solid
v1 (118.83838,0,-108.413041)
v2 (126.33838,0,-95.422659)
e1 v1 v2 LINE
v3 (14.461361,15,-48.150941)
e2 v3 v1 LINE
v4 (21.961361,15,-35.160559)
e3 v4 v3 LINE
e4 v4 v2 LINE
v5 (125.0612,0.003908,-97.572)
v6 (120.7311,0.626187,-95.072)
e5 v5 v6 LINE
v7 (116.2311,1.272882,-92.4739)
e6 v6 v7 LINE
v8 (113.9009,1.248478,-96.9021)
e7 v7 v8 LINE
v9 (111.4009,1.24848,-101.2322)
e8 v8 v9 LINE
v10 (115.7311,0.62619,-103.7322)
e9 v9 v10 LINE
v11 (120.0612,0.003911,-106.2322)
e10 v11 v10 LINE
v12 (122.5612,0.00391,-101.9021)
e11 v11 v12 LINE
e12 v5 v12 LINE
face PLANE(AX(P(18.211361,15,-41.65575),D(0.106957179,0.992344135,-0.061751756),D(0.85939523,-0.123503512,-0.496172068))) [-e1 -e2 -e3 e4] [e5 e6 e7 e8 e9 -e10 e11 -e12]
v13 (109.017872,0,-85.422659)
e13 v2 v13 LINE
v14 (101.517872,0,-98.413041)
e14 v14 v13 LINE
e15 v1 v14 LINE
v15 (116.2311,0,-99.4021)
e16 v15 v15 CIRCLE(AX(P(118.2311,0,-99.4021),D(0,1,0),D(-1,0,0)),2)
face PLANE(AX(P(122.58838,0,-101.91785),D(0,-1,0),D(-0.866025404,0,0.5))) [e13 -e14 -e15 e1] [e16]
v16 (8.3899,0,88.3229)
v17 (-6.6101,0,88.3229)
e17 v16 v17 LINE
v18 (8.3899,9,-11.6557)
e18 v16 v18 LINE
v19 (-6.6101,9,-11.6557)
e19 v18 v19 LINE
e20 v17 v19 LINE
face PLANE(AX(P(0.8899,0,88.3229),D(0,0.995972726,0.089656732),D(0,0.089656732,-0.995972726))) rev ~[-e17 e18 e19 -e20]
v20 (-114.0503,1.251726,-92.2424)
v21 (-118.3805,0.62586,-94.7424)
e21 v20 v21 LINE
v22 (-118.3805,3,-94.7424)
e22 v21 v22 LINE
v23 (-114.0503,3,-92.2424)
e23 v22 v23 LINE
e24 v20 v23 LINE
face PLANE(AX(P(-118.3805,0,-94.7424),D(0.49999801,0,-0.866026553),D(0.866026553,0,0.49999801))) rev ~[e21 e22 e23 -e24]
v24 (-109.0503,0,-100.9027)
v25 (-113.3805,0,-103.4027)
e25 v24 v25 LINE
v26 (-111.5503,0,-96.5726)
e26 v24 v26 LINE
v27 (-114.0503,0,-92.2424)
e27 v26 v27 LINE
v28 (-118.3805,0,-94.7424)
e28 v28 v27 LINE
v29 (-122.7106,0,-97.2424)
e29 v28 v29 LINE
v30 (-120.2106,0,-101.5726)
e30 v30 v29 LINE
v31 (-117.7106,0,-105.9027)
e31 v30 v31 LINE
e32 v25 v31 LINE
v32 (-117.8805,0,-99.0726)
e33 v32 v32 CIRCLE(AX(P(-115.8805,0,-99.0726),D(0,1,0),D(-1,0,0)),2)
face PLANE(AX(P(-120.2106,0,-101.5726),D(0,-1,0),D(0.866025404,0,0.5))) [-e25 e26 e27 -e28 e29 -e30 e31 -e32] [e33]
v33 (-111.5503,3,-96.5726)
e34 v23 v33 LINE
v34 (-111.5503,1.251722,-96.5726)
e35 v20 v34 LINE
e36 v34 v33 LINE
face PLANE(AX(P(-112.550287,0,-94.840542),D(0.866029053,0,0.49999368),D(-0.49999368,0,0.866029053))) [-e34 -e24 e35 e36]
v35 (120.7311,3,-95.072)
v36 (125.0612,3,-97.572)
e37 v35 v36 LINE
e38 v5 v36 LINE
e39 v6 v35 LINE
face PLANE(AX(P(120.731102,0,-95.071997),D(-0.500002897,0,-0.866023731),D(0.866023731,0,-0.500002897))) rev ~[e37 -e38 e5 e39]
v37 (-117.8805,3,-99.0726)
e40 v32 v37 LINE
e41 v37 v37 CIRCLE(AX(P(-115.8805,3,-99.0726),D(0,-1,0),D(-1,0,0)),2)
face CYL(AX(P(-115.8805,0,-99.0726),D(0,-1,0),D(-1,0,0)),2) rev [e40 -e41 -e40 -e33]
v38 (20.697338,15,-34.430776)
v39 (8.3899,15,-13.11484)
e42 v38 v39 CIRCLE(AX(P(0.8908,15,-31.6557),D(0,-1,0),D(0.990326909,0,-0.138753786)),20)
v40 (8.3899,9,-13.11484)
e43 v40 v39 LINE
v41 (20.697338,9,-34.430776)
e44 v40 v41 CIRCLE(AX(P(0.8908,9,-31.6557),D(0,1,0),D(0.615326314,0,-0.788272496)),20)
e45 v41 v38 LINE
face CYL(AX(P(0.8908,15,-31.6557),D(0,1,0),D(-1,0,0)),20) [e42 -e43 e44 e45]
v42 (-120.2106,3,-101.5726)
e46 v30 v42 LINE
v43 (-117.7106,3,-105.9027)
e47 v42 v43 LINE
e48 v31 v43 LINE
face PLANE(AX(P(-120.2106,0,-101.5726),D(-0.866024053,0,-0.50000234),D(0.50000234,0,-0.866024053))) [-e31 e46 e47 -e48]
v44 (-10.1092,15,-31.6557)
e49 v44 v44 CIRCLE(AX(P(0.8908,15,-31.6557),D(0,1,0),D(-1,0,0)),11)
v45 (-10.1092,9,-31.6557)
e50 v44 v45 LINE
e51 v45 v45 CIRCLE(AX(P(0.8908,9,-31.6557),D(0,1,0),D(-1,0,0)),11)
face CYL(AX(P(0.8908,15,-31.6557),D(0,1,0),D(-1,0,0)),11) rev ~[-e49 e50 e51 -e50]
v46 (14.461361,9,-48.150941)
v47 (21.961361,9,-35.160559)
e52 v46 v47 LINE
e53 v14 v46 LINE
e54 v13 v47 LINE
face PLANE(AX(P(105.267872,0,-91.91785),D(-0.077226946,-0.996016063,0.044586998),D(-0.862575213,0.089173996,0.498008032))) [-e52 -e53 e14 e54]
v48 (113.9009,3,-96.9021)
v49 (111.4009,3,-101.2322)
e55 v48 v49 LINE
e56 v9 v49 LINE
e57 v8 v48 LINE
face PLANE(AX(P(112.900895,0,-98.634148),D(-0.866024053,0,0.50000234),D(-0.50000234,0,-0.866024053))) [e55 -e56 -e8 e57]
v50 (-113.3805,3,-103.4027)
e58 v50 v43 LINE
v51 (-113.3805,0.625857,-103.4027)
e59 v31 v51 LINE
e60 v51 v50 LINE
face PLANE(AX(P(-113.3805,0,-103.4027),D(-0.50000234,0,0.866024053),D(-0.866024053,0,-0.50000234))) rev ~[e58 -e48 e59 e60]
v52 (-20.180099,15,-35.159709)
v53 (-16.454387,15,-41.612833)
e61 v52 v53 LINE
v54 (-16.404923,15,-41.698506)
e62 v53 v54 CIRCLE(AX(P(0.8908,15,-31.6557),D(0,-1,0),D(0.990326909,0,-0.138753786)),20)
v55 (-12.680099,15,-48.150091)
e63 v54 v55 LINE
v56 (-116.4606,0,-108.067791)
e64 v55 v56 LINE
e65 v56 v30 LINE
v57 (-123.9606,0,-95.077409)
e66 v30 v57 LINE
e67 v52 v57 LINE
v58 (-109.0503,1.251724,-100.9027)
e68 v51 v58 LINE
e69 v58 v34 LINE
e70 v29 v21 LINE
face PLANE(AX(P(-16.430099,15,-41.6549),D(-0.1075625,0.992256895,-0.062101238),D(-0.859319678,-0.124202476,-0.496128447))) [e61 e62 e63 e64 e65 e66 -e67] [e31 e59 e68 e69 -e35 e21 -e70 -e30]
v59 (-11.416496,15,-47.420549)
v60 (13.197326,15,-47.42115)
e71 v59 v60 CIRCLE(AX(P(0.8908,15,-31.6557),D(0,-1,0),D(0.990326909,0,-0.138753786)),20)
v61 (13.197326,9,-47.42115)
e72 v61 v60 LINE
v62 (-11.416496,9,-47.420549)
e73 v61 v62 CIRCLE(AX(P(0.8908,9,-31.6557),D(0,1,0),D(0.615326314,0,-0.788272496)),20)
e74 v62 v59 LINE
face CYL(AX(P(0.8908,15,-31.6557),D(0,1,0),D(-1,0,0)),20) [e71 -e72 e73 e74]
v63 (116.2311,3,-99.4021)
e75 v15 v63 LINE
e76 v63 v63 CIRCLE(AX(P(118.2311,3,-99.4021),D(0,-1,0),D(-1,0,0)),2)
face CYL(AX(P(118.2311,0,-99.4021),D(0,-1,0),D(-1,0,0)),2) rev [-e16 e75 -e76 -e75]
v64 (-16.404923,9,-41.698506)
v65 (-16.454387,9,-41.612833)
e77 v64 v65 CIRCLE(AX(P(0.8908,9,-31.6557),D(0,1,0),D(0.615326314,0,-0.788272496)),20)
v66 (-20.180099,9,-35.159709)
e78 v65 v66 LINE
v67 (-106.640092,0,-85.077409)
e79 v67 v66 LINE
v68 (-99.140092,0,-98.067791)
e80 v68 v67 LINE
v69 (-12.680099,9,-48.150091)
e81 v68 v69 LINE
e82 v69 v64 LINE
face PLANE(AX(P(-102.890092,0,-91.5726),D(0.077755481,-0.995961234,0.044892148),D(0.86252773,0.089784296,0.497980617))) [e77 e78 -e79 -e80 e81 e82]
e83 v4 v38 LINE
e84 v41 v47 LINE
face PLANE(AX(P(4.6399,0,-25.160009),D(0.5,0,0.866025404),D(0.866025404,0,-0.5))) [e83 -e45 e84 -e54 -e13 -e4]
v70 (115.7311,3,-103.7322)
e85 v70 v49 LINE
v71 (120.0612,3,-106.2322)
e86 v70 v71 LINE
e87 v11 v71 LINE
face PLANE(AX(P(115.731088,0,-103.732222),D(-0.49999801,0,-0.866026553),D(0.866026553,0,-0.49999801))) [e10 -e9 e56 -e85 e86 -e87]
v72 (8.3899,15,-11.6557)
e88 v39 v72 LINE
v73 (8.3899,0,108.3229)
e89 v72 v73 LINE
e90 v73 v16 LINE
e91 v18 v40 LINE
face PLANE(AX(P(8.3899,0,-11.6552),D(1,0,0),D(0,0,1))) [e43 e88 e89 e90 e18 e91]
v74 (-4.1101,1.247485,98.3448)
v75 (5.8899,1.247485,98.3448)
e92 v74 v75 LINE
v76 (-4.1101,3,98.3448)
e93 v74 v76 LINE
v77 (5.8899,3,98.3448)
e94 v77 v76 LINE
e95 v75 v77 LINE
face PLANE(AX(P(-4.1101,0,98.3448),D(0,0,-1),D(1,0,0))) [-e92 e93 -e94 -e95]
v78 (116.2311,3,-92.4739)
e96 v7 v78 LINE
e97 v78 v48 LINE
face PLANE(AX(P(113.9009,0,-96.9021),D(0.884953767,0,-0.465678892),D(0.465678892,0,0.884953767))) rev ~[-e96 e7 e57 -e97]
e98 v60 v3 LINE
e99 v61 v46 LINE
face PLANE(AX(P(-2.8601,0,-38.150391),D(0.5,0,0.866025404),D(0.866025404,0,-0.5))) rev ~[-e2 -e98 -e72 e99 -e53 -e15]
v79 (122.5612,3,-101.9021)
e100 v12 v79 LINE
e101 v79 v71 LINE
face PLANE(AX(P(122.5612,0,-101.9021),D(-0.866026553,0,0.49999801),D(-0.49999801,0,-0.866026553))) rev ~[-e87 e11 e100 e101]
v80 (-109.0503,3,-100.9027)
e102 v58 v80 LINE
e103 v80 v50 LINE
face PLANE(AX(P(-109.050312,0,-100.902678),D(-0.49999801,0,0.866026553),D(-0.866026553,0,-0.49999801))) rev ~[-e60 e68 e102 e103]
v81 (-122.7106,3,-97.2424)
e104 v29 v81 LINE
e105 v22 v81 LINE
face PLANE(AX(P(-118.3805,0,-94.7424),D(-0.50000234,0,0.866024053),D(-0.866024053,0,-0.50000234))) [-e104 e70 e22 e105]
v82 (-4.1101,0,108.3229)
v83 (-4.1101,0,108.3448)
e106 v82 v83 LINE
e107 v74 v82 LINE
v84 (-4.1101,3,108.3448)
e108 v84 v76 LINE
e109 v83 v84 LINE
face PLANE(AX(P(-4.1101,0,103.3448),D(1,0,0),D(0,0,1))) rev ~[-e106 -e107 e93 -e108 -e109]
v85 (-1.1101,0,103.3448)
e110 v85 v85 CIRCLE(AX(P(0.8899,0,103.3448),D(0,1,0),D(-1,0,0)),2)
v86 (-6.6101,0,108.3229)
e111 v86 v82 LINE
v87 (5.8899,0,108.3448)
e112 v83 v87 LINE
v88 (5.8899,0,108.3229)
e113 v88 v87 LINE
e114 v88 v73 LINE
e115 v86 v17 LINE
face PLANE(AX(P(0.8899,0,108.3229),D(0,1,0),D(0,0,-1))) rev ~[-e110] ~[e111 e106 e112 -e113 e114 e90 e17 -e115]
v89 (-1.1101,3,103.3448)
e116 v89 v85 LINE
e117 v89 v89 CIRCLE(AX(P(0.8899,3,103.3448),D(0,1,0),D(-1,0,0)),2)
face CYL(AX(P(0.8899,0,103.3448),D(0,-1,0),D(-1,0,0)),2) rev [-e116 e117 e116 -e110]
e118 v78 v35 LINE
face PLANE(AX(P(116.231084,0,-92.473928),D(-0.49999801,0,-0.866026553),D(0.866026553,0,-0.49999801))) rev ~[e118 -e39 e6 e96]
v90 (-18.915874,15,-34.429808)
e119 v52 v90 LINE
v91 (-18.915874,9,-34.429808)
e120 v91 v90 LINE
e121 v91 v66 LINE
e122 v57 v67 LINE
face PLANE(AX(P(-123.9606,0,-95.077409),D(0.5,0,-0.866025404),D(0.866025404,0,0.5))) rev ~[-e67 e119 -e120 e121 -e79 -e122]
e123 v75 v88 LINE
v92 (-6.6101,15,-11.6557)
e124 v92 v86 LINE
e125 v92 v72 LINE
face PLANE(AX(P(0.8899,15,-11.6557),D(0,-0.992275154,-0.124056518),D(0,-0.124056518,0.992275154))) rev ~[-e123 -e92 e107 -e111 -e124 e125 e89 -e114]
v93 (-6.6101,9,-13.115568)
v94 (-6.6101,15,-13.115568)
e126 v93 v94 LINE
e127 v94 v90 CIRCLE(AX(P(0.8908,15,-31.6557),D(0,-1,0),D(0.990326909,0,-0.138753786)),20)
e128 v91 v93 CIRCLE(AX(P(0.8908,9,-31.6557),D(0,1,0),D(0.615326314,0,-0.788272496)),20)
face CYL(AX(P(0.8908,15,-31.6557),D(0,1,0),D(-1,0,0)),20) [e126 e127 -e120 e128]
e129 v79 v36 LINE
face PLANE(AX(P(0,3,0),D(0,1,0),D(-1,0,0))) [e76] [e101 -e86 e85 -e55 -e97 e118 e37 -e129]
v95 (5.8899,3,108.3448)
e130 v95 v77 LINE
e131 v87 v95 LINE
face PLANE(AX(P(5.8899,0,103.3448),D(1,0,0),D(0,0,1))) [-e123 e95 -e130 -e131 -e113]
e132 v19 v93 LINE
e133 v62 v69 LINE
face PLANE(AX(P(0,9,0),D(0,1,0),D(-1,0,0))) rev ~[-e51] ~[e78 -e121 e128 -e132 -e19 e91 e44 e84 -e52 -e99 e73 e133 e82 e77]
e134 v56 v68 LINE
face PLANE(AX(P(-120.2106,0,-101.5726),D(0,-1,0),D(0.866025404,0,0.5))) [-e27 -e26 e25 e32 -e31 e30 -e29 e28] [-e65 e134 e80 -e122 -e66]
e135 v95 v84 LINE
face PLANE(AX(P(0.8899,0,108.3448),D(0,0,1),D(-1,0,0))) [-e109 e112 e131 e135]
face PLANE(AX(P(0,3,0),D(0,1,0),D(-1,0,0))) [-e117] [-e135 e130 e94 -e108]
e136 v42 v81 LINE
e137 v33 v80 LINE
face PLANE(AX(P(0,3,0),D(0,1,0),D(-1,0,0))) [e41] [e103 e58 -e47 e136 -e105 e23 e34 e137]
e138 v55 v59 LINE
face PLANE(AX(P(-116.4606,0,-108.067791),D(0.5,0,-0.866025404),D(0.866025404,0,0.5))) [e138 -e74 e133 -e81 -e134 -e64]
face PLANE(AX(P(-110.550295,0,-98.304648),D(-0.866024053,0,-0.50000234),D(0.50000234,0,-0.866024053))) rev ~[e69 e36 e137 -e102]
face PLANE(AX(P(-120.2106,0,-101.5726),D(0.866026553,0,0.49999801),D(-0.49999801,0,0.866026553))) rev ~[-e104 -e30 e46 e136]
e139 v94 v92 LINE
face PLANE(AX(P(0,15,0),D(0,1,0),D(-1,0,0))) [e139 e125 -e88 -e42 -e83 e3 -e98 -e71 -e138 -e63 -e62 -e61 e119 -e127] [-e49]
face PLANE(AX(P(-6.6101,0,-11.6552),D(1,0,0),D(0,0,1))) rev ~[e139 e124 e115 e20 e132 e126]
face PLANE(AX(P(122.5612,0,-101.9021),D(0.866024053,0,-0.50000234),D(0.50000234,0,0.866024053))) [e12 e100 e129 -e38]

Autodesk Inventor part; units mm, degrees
ref_plane "YZ Plane" through (0, 0, 0) normal (1, 0, 0) x (0, 1, 0)
ref_plane "XY Plane" through (0, 0, 0) normal (0, 0, 1) x (1, 0, 0)
sketch "Эскиз1" plane through (0, 0, 0) normal (0, 1, 0) x (-1, 0, 0)
  circle A0 centre (-0.8899, -31.6552) radius 10
  circle A1 centre (-0.8899, -31.6552) radius 20
  line L0 (-0.8899, -11.6552) -> (-0.8899, 108.3448)
  line L1 (-0.8899, -31.6552) -> (78.1589, -77.294)
  line L2 (-0.8899, -31.6552) -> (90.3878, -31.6552) construction
  line L3 (78.1589, -77.294) -> (120.2106, -101.5726)
  line L4 (-0.8899, -31.6552) -> (116.9091, -31.6552) construction
  line L5 (-0.8899, -31.6552) -> (-104.8129, -91.6552)
  line L6 (-0.8899, -31.6552) -> (119.1101, -31.6552) construction
  line L7 (-104.8129, -91.6552) -> (-122.5612, -101.9021)
  line L8 (-122.5612, -101.9021) -> (-117.5612, -110.5624)
  line L9 (-117.5612, -110.5624) -> (4.1101, -40.3154)
  line L10 (-122.5612, -101.9021) -> (-127.5612, -93.2419)
  line L11 (-127.5612, -93.2419) -> (-5.8899, -22.9949)
  line L12 (120.2106, -101.5726) -> (125.2106, -92.9123)
  line L13 (125.2106, -92.9123) -> (4.1101, -22.9949)
  line L14 (120.2106, -101.5726) -> (7.7704, -36.6552)
  line L15 (-0.8899, 108.3448) -> (-10.8899, 108.3448)
  line L16 (-10.8899, 108.3448) -> (9.1101, 108.3448)
  line L17 (9.1101, 108.3448) -> (9.1101, -31.6552)
  line L18 (-10.8899, 108.3448) -> (-10.8899, -31.6552)
  line L19 (120.2106, -101.5726) -> (115.2106, -110.2328)
  line L20 (115.2106, -110.2328) -> (-5.8899, -40.3154)
  line L21 (9.1101, 108.3448) -> (9.1101, 88.3448)
  line L22 (9.1101, 88.3448) -> (-10.8899, 88.3448)
  line L23 (-10.8899, 108.3448) -> (9.1101, 88.3448)
  line L24 (9.1101, 108.3448) -> (-10.8899, 88.3448)
  line L25 (-0.8899, 98.3448) -> (-0.8899, 93.3448)
  line L26 (-0.8899, 93.3448) -> (4.1101, 93.3448)
  line L27 (4.1101, 103.3448) -> (-5.8899, 103.3448)
  line L28 (-5.8899, 103.3448) -> (-5.8899, 93.3448)
  line L29 (-5.8899, 93.3448) -> (-0.8899, 93.3448)
  line L30 (-127.5612, -93.2419) -> (-110.2407, -83.2419)
  line L31 (-110.2407, -83.2419) -> (-100.2407, -100.5624)
  line L32 (-127.5612, -93.2419) -> (-100.2407, -100.5624)
  line L33 (-117.5612, -110.5624) -> (-110.2407, -83.2419)
  line L34 (-113.9009, -96.9021) -> (-118.2311, -99.4021)
  line L35 (-118.2311, -99.4021) -> (-115.7311, -103.7322)
  line L36 (-115.7311, -103.7322) -> (-107.0708, -98.7322)
  line L37 (-107.0708, -98.7322) -> (-112.0708, -90.072)
  line L38 (-112.0708, -90.072) -> (-120.7311, -95.072)
  line L39 (-120.7311, -95.072) -> (-118.2311, -99.4021)
  circle A2 centre (-113.9009, -96.9021) radius 2
  line L40 (120.2106, -101.5726) -> (111.5503, -96.5726)
  line L41 (111.5503, -96.5726) -> (102.8901, -91.5726)
  line L42 (102.8901, -91.5726) -> (107.2202, -94.0726)
  line L43 (107.2202, -94.0726) -> (104.7202, -98.4027)
  line L44 (104.7202, -98.4027) -> (113.3805, -103.4027)
  line L45 (113.3805, -103.4027) -> (118.3805, -94.7424)
  line L46 (118.3805, -94.7424) -> (109.7202, -89.7424)
  line L47 (109.7202, -89.7424) -> (107.2202, -94.0726)
  line L48 (104.7202, -98.4027) -> (118.3805, -94.7424)
  circle A3 centre (111.5503, -96.5726) radius 2
  circle A4 centre (-118.2311, -99.4021) radius 2
  line L49 (-113.9009, -96.9021) -> (-116.2311, -92.4739)
  line L50 (-116.2311, -92.4739) -> (-125.0612, -97.572)
  line L51 (-113.9009, -96.9021) -> (-111.4009, -101.2322)
  line L52 (-111.4009, -101.2322) -> (-120.0612, -106.2322)
  line L53 (-125.0612, -97.572) -> (-120.0612, -106.2322)
  line L54 (-5.8899, 103.3448) -> (-5.8899, 108.3448)
  line L55 (4.1101, 103.3448) -> (4.1101, 108.3448)
  line L56 (4.1101, 103.3448) -> (4.1101, 98.3448)
  line L57 (4.1101, 98.3448) -> (-5.8899, 98.3448)
  circle A5 centre (-0.8899, 103.3448) radius 2
  line L58 (118.3805, -94.7424) -> (122.7106, -97.2424)
  line L59 (113.3805, -103.4027) -> (117.7106, -105.9027)
  line L60 (111.5503, -96.5726) -> (109.0503, -100.9027)
  line L61 (111.5503, -96.5726) -> (114.0503, -92.2424)
  circle A6 centre (115.8805, -99.0726) radius 2
  point P0 (0, 0)
  point P1 (-0.8899, 101.3448)
  point P2 (1.1101, 103.3448)
  point P3 (-0.8899, 103.3448)
  dimension "d0" = 20
  dimension "d1" = 40
  dimension "d2" = 120
  dimension "d3" = 30
  dimension "d4" = 120
  dimension "d5" = 150
  dimension "d6" = 10
  dimension "d7" = 10
  dimension "d8" = 10
  dimension "d9" = 10
  dimension "d13" = 20
  dimension "d38" = 5
  dimension "d39" = 20
  dimension "d40" = 5
  dimension "d41" = 4
  dimension "d42" = 10
  dimension "d43" = 10
  dimension "d44" = 5
  dimension "d45" = 10
  dimension "d46" = 10
  dimension "d47" = 10
  dimension "d48" = 4
  dimension "d53" = 4
  dimension "d58" = 4
  dimension "d63" = 4
ref_plane "РабПлоскость1" through (0, 15, 0) normal (0, 1, 0) x (-1, 0, 0)
sketch "Эскиз2" plane through (0, 15, 0) normal (0, 1, 0) x (-1, 0, 0)
  circle A0 centre (-0.8908, -31.6557) radius 10
  circle A1 centre (-0.8908, -31.6557) radius 20
  circle A2 centre (-0.8908, -31.6557) radius 11
  point P0 (0, 0)
  dimension "d11" = 20
  dimension "d12" = 40
  dimension "d68" = 22
extrude "Выдавливание1" add sketch "Эскиз2" against normal blind 6 contours A1 | A2
ref_plane "РабПлоскость2" through (0.8899, 0, -31.6552) normal (0.5, 0, 0.866) x (0.866, 0, -0.5)
ref_plane "РабПлоскость3" through (-120.2106, 0, -101.5726) normal (0.5, 0, -0.866) x (0.866, 0, 0.5)
sketch "Эскиз4" plane through (0.8899, 0, -31.6552) normal (0.5, 0, 0.866) x (0.866, 0, -0.5)
  line L0 (20.0011, 15) -> (-19.9989, 15) projected
  line L1 (-19.9989, 9) -> (20.0011, 9) projected
  line L2 (20.0011, 15) -> (20.0011, 9)
  line L3 (20.0011, 15) -> (140.5253, 0)
  line L4 (140.5253, 0) -> (120.5253, 0)
  line L5 (120.5253, 0) -> (20.0011, 9)
  line L6 (20.0011, 15) -> (19.0011, 15)
  line L7 (20.0011, 15) -> (18.0011, 15)
  line L8 (18.0011, 15) -> (18.0011, 9)
  line L9 (20.0011, 9) -> (18.0011, 9)
  point P0 (-16.5982, 0)
  point P1 (-17.3194, 15)
  point P2 (-17.3194, 15)
  dimension "d22" = 20
  dimension "d25" = 2
extrude "Выдавливание3" add sketch "Эскиз4" along normal mid plane 15
ref_plane "РабПлоскость4" through (0.8899, 0, -11.6552) normal (1, 0, 0) x (0, 0, 1)
sketch "Эскиз5" plane through (0.8899, 0, -11.6552) normal (1, 0, 0) x (0, 0, 1)
  point P0 (11.6552, 0)
sketch "Эскиз6" plane through (0.8899, 0, -11.6552) normal (1, 0, 0) x (0, 0, 1)
  line L0 (-40.0005, -15) -> (-0.0005, -15) projected
  line L1 (-0.0005, -15) -> (119.9781, 0)
  line L2 (119.9781, 0) -> (99.9781, 0)
  line L3 (-0.0005, -9) -> (-40.0005, -9) projected
  line L4 (99.9781, 0) -> (-0.0005, -9)
  line L5 (-0.0005, -9) -> (-2.0005, -9)
  line L6 (-2.0005, -9) -> (-2.0005, -15)
  line L7 (-0.0005, -15) -> (-2.0005, -15)
  point P0 (11.6552, 0)
  point P1 (-35.766, -15)
  point P2 (-22.7756, -15)
  point P3 (-22.7756, -9)
  point P4 (-35.766, -9)
  dimension "d29" = 20
  dimension "d30" = 2
extrude "Выдавливание4" add sketch "Эскиз6" along normal mid plane 15
sketch "Эскиз7" plane through (-120.2106, 0, -101.5726) normal (0.5, 0, -0.866) x (0.866, 0, 0.5)
  line L0 (119.8354, -15) -> (142.6104, -15) projected
  line L1 (119.8354, -15) -> (0, 0)
  line L2 (0, 0) -> (20, 0)
  line L3 (142.6104, -9) -> (119.8354, -9) projected
  line L4 (20, 0) -> (119.8354, -9)
  line L5 (119.8354, -9) -> (121.8354, -9)
  line L6 (121.8354, -9) -> (121.8354, -15)
  line L7 (119.8354, -15) -> (121.8354, -15)
  point P0 (154.8917, 0)
  point P1 (142.6094, -15)
  point P2 (142.6094, -9)
  dimension "d33" = 20
  dimension "d34" = 2
extrude "Выдавливание5" add sketch "Эскиз7" along normal mid plane 15
extrude "Выдавливание8" add sketch "Эскиз1" along normal blind 3 contours L50 L39 A4 L7 L10 | L38 L49 A2 L32 | L32 A2 L7 A4 L39 | L8 L7 A4 L35 L52 | L35 A4 L7 A2 L33 | L33 A2 L51 L36 | A2 L49 L32 | L32 L7 A2 | L33 A2 L7 | L51 A2 L33 picked at (-115.1931, -97.2034) picked at (-114.6016, -98.0289)
extrude "Выдавливание9" cut sketch "Эскиз1" along normal blind 4 contours A4 L7 L39 | L39 L7 A4 | A4 L7 L35 | L35 L7 A4
extrude "Выдавливание10" add sketch "Эскиз1" along normal blind 3 contours L55 L27 A5 L0 L16 | L56 L57 L24 | L24 L0 A5 L27 | L23 L27 A5 L0 | L57 L28 L23 | L0 A5 L27 L54 L15 | A5 L0 L27 picked at (0.232, 102.6399)
extrude "Выдавливание11" cut sketch "Эскиз1" along normal blind 3 contours A5 L0 L27 | L27 L0 A5 | A5 L27 L0 | L0 L27 A5
extrude "Выдавливание12" add sketch "Эскиз1" along normal blind 3 contours L12 L3 A6 L45 L58 | L59 L45 A6 L3 L19 | L48 A3 L61 L46 | L45 A6 L3 A3 L48 | L44 L60 A3 L3 A6 L45 | A3 L3 L48 | L48 L61 A3 | L3 A3 L60 picked at (112.8333, -96.9164)
extrude "Выдавливание13" cut sketch "Эскиз1" along normal blind 3 contours A6 L45 L3 | L3 L45 A6 | L45 L3 A6 | A6 L3 L45
sketch "Эскиз8" plane through (0, 15, 0) normal (0, 1, 0) x (1, 0, 0)
  point P0 (0, 0)
extrude "Выдавливание14" cut sketch "Эскиз2" against normal blind 10 contours A0 | A2
properties part number "axis"
